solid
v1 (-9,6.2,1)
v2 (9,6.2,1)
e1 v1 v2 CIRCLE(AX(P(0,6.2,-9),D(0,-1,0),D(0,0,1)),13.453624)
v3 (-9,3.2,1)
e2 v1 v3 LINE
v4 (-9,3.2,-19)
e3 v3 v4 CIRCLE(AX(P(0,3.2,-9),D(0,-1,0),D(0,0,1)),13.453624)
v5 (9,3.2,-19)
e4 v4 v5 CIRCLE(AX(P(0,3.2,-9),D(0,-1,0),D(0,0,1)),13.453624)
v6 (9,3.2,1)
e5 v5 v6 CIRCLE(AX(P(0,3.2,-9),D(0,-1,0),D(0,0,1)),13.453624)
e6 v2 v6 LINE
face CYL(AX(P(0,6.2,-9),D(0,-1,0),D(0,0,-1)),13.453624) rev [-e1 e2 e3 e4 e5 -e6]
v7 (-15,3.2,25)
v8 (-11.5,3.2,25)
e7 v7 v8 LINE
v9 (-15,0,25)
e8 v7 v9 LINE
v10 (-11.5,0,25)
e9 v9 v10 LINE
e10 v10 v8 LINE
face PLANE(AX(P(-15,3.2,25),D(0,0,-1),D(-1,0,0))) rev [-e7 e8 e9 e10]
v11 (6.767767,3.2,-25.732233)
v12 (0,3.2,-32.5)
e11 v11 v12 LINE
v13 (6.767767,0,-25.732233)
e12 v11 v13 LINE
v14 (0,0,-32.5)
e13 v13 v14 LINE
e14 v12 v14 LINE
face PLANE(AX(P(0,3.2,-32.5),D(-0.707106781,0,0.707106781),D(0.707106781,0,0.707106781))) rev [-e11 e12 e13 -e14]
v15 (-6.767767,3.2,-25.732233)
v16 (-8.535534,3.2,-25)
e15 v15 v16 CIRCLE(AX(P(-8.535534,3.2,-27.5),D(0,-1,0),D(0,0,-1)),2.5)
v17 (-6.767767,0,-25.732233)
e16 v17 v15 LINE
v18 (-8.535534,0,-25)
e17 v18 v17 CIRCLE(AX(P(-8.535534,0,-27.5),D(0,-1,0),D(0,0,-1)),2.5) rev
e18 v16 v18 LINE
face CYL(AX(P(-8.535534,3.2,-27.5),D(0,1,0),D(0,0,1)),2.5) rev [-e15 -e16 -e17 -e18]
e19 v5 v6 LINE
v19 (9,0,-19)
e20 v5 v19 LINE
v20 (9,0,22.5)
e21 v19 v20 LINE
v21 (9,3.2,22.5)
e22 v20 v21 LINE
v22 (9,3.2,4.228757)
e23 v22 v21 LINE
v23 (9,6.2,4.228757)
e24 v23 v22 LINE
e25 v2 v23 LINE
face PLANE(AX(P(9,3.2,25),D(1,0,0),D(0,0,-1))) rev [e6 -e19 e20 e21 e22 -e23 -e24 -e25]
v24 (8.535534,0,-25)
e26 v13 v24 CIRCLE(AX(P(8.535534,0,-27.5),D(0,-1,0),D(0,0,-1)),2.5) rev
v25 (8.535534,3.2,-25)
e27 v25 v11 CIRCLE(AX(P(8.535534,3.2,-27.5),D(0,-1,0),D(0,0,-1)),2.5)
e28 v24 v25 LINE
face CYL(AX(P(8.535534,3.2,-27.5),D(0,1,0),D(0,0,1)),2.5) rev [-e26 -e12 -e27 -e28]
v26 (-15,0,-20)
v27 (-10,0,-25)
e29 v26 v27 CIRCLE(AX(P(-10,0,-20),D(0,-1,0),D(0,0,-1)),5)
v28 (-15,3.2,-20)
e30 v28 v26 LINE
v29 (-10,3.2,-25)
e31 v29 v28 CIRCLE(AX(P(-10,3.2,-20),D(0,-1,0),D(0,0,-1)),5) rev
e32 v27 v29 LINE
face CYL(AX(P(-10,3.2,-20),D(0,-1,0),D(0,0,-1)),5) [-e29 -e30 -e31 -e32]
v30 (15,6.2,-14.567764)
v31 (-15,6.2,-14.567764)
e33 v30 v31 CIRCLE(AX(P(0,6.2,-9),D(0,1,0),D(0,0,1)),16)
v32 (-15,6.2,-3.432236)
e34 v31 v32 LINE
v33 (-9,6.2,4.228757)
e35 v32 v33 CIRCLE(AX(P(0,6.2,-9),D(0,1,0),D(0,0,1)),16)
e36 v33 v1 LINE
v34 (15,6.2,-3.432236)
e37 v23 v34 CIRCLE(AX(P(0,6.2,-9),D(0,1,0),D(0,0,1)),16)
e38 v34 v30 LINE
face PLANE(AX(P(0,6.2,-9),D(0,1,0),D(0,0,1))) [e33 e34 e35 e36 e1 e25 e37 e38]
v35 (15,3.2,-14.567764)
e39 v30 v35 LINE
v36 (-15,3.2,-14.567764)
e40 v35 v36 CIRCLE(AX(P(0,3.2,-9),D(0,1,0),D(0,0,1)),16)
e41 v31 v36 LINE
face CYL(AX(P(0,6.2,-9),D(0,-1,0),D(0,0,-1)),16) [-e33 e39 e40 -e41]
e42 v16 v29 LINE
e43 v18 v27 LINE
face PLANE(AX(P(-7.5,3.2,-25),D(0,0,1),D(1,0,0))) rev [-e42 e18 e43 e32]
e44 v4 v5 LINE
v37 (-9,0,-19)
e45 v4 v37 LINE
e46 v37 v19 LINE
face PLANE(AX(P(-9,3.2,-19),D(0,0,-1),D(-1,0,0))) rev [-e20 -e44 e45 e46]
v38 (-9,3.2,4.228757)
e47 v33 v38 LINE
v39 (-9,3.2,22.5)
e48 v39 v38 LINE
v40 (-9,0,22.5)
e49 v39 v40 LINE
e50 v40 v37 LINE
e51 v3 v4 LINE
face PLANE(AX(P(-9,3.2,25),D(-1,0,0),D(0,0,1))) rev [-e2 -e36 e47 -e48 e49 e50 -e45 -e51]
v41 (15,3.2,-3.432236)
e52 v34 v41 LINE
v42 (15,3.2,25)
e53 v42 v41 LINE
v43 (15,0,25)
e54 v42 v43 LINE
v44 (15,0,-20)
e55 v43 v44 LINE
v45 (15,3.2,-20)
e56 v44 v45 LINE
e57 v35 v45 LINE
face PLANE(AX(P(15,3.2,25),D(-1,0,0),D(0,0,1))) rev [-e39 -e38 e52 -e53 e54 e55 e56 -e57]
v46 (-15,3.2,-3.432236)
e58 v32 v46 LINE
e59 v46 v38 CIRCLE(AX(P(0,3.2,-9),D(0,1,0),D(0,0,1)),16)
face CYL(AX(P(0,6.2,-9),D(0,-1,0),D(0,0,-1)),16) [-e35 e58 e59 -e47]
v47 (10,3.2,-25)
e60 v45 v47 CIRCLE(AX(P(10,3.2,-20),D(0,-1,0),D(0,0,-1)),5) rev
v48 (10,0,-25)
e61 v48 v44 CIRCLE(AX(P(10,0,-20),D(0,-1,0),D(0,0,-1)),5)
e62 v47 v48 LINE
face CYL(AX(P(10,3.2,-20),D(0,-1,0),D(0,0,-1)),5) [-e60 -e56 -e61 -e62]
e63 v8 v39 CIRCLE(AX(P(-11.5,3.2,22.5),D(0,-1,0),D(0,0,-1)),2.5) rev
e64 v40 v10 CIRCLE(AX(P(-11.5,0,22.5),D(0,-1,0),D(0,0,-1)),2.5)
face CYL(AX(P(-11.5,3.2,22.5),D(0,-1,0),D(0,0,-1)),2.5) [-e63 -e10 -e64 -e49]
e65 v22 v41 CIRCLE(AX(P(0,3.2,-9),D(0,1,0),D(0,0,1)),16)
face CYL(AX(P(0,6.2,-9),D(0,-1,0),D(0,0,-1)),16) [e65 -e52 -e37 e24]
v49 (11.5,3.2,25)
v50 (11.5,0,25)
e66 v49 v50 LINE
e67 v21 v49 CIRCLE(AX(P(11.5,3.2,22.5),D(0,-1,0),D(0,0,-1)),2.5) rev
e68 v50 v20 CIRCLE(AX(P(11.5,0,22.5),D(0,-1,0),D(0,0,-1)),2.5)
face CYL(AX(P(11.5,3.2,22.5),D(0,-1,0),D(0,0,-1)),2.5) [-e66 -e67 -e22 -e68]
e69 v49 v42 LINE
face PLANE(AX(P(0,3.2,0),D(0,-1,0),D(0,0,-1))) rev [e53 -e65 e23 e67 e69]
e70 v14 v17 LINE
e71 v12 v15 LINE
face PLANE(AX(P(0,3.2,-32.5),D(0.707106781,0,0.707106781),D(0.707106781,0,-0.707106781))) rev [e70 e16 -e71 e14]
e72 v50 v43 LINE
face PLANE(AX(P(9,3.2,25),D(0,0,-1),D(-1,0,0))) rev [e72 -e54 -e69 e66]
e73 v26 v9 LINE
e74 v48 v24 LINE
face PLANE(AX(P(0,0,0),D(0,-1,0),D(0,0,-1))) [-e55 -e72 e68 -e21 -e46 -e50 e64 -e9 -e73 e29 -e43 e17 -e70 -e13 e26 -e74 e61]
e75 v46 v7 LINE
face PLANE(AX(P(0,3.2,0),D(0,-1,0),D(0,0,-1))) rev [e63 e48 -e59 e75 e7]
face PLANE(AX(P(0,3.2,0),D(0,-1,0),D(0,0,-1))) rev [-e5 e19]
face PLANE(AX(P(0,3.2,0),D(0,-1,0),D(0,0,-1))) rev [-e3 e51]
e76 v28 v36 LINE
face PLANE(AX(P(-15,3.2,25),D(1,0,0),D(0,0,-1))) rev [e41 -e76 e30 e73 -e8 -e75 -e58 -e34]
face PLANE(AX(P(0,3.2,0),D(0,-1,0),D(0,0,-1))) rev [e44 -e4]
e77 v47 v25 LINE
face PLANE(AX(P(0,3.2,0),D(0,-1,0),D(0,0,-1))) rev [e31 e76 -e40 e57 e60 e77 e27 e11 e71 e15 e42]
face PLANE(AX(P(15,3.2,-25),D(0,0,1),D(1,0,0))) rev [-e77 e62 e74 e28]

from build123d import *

# Parameters (mm, degrees)
BOSS_EXTRUDE1_DEPTH = 3.2
BOSS_EXTRUDE2_DEPTH = 3
FILLET1_R           = 5
FILLET2_R           = 2.5


with BuildPart() as part:
    # Sketch1 → Boss-Extrude1 (new body)
    with BuildSketch(Plane(origin=(0, 0, 0), x_dir=(1, 0, 0), z_dir=(0, 1, 0))):
        Polygon((-15, -25), (-9, -25), (-9, 19), (9, 19), (9, -25), (15, -25), (15, 25), (7.5, 25), (0, 32.5), (-7.5, 25), (-15, 25), align=None)
    extrude(amount=BOSS_EXTRUDE1_DEPTH)

    # Sketch2 → Boss-Extrude2 (add)
    with BuildSketch(Plane(origin=(0, 3.2, 0), x_dir=(1, 0, 0), z_dir=(0, 1, 0))):
        with BuildLine():
            Line((-9, -4.228756555), (-9, -1))
            ThreePointArc((-9, -1), (0, 22.453624047), (9, -1))
            Line((9, -1), (9, -4.228756555))
            ThreePointArc((9, -4.228756555), (12.596535252, -0.865459931), (15, 3.432235637))
            Line((15, 3.432235637), (15, 14.567764363))
            ThreePointArc((15, 14.567764363), (0, 25), (-15, 14.567764363))
            Line((-15, 14.567764363), (-15, 3.432235637))
            ThreePointArc((-15, 3.432235637), (-12.596535252, -0.865459931), (-9, -4.228756555))
        make_face()
    extrude(amount=BOSS_EXTRUDE2_DEPTH)

    # Fillet1
    fillet1_edges = [part.edges().sort_by_distance(p)[0] for p in [
        (15, 1.6, -25),
        (-15, 1.6, -25),
    ]]
    fillet(fillet1_edges, radius=FILLET1_R)

    # Fillet2
    fillet2_edges = [part.edges().sort_by_distance(p)[0] for p in [
        (-7.5, 1.6, -25),
        (7.5, 1.6, -25),
        (9, 1.6, 25),
        (-9, 1.6, 25),
    ]]
    fillet(fillet2_edges, radius=FILLET2_R)


solid = part.part
